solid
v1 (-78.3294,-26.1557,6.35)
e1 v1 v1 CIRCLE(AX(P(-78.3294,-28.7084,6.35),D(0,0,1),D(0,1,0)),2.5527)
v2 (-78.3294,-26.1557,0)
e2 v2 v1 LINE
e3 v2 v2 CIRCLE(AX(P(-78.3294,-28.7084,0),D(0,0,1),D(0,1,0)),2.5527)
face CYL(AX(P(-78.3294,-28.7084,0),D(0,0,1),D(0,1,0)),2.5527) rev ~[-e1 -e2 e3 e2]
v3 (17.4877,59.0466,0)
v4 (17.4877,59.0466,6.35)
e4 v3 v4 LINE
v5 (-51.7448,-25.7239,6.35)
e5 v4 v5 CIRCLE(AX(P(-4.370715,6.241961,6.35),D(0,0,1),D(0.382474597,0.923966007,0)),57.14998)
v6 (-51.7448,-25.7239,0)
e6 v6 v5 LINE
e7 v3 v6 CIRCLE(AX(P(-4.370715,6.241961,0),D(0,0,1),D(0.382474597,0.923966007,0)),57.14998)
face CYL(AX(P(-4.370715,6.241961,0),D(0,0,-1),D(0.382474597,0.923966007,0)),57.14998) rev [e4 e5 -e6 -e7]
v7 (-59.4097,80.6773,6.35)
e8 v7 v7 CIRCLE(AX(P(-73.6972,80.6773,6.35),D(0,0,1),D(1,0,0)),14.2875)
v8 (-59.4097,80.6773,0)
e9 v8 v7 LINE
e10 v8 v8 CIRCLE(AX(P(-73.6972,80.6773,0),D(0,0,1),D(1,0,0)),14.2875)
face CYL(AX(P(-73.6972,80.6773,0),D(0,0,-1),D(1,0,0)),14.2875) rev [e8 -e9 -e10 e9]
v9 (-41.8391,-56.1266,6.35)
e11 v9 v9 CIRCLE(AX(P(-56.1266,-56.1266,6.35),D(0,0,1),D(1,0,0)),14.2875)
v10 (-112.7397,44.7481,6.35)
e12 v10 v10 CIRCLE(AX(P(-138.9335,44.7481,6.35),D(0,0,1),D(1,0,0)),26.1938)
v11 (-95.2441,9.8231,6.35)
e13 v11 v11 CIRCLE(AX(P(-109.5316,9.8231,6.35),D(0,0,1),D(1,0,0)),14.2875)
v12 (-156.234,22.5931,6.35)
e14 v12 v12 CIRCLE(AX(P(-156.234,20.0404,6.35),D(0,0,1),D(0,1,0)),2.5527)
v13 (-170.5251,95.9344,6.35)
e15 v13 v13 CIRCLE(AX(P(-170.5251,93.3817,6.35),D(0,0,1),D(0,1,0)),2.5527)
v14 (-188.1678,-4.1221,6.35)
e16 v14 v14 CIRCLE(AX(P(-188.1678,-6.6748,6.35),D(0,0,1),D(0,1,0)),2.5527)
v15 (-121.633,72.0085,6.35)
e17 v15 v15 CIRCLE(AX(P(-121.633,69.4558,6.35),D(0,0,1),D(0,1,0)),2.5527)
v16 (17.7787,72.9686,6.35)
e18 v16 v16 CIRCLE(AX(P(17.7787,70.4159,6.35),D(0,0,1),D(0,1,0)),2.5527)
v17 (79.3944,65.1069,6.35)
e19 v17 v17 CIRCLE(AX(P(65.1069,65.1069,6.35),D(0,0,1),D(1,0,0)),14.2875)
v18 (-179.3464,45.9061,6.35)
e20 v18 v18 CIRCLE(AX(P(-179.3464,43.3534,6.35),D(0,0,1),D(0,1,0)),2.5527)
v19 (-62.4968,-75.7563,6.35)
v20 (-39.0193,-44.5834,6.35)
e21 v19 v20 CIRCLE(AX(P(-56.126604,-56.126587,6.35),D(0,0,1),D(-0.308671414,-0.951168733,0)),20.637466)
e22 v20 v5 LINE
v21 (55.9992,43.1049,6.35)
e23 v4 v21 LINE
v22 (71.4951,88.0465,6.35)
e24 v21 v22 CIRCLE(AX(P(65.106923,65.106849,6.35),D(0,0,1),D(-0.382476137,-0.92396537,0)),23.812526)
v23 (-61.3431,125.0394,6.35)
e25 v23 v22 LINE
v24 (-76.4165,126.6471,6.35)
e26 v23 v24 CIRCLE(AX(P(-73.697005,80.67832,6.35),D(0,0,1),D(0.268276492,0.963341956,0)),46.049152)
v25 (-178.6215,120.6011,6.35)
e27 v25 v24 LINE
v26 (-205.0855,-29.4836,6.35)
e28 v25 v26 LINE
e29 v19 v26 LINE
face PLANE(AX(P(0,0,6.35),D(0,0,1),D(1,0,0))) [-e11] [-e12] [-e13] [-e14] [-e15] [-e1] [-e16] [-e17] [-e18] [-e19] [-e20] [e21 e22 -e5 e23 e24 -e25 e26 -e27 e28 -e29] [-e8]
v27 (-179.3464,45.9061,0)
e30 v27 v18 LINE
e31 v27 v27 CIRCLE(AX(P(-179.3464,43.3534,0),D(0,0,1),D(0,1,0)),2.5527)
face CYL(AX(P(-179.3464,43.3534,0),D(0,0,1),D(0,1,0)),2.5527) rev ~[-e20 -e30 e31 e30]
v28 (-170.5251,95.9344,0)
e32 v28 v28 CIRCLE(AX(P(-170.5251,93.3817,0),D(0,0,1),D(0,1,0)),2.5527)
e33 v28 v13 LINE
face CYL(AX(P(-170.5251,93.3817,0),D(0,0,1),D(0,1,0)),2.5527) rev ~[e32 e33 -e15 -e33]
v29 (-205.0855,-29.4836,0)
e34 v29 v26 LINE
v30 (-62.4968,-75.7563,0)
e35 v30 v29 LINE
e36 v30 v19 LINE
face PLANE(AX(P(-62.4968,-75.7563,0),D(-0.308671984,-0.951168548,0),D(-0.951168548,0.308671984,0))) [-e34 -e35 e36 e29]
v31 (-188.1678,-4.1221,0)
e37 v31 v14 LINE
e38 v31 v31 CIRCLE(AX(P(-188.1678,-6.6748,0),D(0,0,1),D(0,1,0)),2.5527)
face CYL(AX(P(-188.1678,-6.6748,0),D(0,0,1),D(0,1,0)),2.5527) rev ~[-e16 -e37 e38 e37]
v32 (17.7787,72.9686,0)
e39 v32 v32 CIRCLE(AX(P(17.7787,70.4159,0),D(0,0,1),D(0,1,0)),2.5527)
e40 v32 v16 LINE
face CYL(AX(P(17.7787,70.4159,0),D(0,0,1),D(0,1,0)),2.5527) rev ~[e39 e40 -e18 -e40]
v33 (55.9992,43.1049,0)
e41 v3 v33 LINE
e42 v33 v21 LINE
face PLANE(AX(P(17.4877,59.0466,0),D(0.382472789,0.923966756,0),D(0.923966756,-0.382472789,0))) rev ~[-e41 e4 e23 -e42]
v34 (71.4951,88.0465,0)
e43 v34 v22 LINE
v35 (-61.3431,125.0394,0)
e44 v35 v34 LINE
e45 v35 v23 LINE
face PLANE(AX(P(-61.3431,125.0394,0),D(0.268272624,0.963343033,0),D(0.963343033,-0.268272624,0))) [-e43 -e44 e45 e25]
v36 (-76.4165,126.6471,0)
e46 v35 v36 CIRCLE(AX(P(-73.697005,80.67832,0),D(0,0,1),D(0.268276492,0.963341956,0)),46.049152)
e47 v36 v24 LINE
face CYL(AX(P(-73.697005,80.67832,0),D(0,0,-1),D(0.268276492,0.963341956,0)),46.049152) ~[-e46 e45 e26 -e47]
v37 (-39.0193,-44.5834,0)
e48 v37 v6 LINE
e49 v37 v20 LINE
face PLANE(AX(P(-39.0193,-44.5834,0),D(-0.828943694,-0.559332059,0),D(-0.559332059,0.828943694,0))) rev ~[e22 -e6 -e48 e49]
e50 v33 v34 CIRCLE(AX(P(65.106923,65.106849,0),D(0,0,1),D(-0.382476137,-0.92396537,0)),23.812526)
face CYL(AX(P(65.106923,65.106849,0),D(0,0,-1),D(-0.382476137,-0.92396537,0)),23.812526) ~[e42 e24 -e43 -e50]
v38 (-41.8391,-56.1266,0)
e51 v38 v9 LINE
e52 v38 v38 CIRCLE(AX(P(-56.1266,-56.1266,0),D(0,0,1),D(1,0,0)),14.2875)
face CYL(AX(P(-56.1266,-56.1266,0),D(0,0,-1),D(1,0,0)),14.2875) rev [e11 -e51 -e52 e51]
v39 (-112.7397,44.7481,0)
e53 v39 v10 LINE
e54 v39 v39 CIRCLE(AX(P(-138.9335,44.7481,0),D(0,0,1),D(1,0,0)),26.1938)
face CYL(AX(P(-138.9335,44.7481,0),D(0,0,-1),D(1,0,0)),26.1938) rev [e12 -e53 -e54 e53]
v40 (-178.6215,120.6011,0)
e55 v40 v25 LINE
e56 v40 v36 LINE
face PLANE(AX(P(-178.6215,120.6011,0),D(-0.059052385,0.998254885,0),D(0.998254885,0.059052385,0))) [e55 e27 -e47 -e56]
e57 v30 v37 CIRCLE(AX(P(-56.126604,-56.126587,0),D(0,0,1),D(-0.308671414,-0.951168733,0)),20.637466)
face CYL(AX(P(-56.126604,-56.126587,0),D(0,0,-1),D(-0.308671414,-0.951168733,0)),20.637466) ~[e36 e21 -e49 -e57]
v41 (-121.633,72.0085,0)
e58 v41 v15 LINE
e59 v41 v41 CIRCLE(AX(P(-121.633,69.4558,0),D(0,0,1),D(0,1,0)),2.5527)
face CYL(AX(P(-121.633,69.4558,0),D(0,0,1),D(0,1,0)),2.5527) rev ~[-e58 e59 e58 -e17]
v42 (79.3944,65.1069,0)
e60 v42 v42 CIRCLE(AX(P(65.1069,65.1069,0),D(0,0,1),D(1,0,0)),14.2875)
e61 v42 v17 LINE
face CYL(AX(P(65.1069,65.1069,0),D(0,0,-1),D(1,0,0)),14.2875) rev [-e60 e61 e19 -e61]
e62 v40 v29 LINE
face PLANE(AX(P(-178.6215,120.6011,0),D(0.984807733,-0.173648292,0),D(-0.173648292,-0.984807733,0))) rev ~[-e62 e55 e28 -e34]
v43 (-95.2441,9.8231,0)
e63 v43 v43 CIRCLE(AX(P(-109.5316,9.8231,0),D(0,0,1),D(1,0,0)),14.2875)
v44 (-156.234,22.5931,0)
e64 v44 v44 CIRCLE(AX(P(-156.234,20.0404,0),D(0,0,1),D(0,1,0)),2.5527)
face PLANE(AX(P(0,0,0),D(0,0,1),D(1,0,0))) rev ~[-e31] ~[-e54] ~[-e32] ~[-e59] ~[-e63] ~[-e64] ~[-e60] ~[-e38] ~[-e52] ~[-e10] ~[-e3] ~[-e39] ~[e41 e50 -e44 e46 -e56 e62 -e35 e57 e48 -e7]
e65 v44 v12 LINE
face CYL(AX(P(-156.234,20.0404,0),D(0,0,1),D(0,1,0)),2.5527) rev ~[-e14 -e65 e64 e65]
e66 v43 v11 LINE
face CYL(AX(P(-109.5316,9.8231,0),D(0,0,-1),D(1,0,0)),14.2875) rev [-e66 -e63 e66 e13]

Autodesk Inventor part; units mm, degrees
ref_plane "YZ Plane" through (0, 0, 0) normal (1, 0, 0) x (0, 1, 0)
ref_plane "XZ Plane" through (0, 0, 0) normal (0, 1, 0) x (-1, 0, 0)
ref_plane "XY Plane" through (0, 0, 0) normal (0, 0, 1) x (1, 0, 0)
sketch "Sketch1" plane through (0, 0, 0) normal (0, 0, 1) x (1, 0, 0)
  circle A0 centre (65.1069, 65.1069) radius 38.1 construction
  circle A1 centre (-56.1266, -56.1266) radius 25.4 construction
  circle A2 centre (0, 0) radius 53.975 construction
  line L0 (-38.1661, -38.1661) -> (38.1661, 38.1661) construction
  line L1 (65.1069, 65.1069) -> (-56.1266, -56.1266) construction
  line L2 (-4.3707, 6.2419) -> (-4.3707, 53.7978) construction
  line L3 (-213.7812, -81.5266) -> (651.6109, -81.5266) construction
  circle A3 centre (160.9392, -24.3766) radius 57.15 construction
  circle A4 centre (65.1069, 65.1069) radius 14.2875
  circle A5 centre (-56.1266, -56.1266) radius 14.2875
  circle A6 centre (-4.3707, 6.2419) radius 57.15 construction
  circle A7 centre (-56.1266, -56.1266) radius 20.6375 construction
  circle A8 centre (65.1069, 65.1069) radius 23.8125 construction
  circle A9 centre (-73.6972, 80.6773) radius 14.2875
  line L4 (-73.6972, 80.6773) -> (65.1069, 65.1069) construction
  circle A10 centre (65.1069, 65.1069) radius 14.3256 construction
  circle A11 centre (-56.1266, -56.1266) radius 14.3256 construction
  circle A12 centre (-109.5316, 9.8231) radius 14.2875
  line L5 (-56.1266, -56.1266) -> (-109.5316, 9.8231) construction
  circle A13 centre (-109.5316, 9.8231) radius 39.7002 construction
  circle A14 centre (-73.6972, 80.6773) radius 39.7002 construction
  line L6 (17.4877, 59.0466) -> (55.9992, 43.1049)
  line L7 (-39.0193, -44.5834) -> (-51.7448, -25.7239)
  arc A15 (17.4877, 59.0466) -> (-51.7448, -25.7239) centre (-4.3707, 6.2419) ccw
  line L8 (-178.6215, 120.6011) -> (-153.6074, 116.1905) construction
  line L9 (-153.6074, 116.1905) -> (-180.0714, -33.8943) construction
  line L10 (-180.0714, -33.8943) -> (-205.0855, -29.4836) construction
  line L11 (-205.0855, -29.4836) -> (-178.6215, 120.6011) construction
  line L12 (-209.5607, -54.8639) -> (48.3188, -100.335) construction
  line L13 (-174.1463, 145.9814) -> (151.5491, 88.5525) construction
  line L14 (-174.1463, 145.9814) -> (-209.5607, -54.8639) construction
  circle A16 centre (-138.9335, 44.7481) radius 25.4 construction
  circle A17 centre (-138.9335, 44.7481) radius 5.9531 construction
  line L15 (-84.5475, -21.0298) -> (-72.1113, -36.3871) construction
  circle A18 centre (17.7787, 70.4159) radius 9.525 construction
  line L16 (-166.1144, 118.3958) -> (-192.5784, -31.6889) construction
  line L17 (-170.5251, 93.3817) -> (-188.1678, -6.6748) construction
  circle A19 centre (-138.9335, 44.7481) radius 17.4625 construction
  circle A20 centre (-138.9335, 44.7481) radius 9.525 construction
  circle A21 centre (-73.6972, 80.6773) radius 46.0502 construction
  line L18 (-178.6215, 120.6011) -> (-76.4165, 126.6471)
  line L19 (-61.3431, 125.0394) -> (71.4951, 88.0465)
  line L20 (-62.4968, -75.7563) -> (-205.0855, -29.4836)
  line L21 (-178.6215, 120.6011) -> (-205.0855, -29.4836)
  arc A22 (-61.3431, 125.0394) -> (-76.4165, 126.6471) centre (-73.6972, 80.6773) ccw
  arc A23 (55.9992, 43.1049) -> (71.4951, 88.0465) centre (65.1069, 65.1069) ccw
  arc A24 (-62.4968, -75.7563) -> (-39.0193, -44.5834) centre (-56.1266, -56.1266) ccw
  line L22 (-138.9335, 44.7481) -> (-128.9174, 59.0525) construction
  line L23 (-121.633, 69.4558) -> (-156.234, 20.0404) construction
  circle A25 centre (-156.234, 20.0404) radius 4.7625 construction
  line L24 (-4.3707, 6.2419) -> (0, 0) construction
  circle A26 centre (-73.6972, 80.6773) radius 40.4812 construction
  circle A27 centre (-109.5316, 9.8231) radius 40.4812 construction
  circle A28 centre (-138.9335, 44.7481) radius 26.1938
  point P0 (-191.8535, 45.5588)
  point P1 (-78.3294, -28.7084)
  point P2 (-179.3464, 43.3534)
  point P3 (-179.3464, 43.3534)
  point P4 (-146.3135, 60.5745)
  point P5 (-156.3295, 46.2701)
  point P6 (-148.9496, 30.4437)
  point P7 (-131.5535, 28.9217)
  point P8 (-121.5374, 43.2261)
  point P9 (-63.3695, 121.1474)
  dimension "d7" = 50.8
  dimension "d18" = 79.4004
  dimension "d34" = 34.925
  dimension "d3" = 45
  dimension "d4" = 0
  dimension "d8" = 107.95
  dimension "d9" = 28.575
  dimension "d10" = 76.2
  dimension "d11" = 114.3
  dimension "d12" = 114.3
  dimension "d13" = 6.35
  dimension "d14" = 9.525
  dimension "d15" = 139.6746
  dimension "d16" = 28.6512
  dimension "d17" = 84.8614
  dimension "d19" = 79.4004
  dimension "d22" = 25.4
  dimension "d23" = 152.4
  dimension "d26" = 203.9436
  dimension "d27" = 50.8
  dimension "d28" = 11.9062
  dimension "d29" = 51
  dimension "d30" = 171.45
  dimension "d31" = 10
  dimension "d32" = 19.05
  dimension "d33" = 101.6
  dimension "d35" = 19.05
  dimension "d36" = 6.35
  dimension "d37" = 34.925
  dimension "d40" = 360
  dimension "d43" = 25
  dimension "d44" = 9.525
  dimension "d54" = 7.62
  dimension "d55" = 80
  dimension "d57" = 80.9625
  dimension "d59" = 0.7937
extrude "Extrusion1" add sketch "Sketch1" along normal blind 6.35
hole "Hole1" at (-78.3294, -28.7084, 0) at (17.7787, 70.4159, 0) at (-170.5251, 93.3817, 0) at (-179.3464, 43.3534, 0) at (-188.1678, -6.6748, 0) at (-128.9174, 59.0525, 0) at (-146.3135, 60.5745, 0) at (-156.3295, 46.2701, 0) at (-148.9496, 30.4437, 0) at (-131.5535, 28.9217, 0) at (-121.5374, 43.2261, 0) at (-121.633, 69.4558, 0) at (-156.234, 20.0404, 0) direction (0, 0, 1) diameter 5.1054 end through all clearance for "Flat Head Machine Screw (82)" size "#10" standard "Ansi Unified Screw Threads"
properties part number "GP7-002" material "Polycarbonate, Smoke"
